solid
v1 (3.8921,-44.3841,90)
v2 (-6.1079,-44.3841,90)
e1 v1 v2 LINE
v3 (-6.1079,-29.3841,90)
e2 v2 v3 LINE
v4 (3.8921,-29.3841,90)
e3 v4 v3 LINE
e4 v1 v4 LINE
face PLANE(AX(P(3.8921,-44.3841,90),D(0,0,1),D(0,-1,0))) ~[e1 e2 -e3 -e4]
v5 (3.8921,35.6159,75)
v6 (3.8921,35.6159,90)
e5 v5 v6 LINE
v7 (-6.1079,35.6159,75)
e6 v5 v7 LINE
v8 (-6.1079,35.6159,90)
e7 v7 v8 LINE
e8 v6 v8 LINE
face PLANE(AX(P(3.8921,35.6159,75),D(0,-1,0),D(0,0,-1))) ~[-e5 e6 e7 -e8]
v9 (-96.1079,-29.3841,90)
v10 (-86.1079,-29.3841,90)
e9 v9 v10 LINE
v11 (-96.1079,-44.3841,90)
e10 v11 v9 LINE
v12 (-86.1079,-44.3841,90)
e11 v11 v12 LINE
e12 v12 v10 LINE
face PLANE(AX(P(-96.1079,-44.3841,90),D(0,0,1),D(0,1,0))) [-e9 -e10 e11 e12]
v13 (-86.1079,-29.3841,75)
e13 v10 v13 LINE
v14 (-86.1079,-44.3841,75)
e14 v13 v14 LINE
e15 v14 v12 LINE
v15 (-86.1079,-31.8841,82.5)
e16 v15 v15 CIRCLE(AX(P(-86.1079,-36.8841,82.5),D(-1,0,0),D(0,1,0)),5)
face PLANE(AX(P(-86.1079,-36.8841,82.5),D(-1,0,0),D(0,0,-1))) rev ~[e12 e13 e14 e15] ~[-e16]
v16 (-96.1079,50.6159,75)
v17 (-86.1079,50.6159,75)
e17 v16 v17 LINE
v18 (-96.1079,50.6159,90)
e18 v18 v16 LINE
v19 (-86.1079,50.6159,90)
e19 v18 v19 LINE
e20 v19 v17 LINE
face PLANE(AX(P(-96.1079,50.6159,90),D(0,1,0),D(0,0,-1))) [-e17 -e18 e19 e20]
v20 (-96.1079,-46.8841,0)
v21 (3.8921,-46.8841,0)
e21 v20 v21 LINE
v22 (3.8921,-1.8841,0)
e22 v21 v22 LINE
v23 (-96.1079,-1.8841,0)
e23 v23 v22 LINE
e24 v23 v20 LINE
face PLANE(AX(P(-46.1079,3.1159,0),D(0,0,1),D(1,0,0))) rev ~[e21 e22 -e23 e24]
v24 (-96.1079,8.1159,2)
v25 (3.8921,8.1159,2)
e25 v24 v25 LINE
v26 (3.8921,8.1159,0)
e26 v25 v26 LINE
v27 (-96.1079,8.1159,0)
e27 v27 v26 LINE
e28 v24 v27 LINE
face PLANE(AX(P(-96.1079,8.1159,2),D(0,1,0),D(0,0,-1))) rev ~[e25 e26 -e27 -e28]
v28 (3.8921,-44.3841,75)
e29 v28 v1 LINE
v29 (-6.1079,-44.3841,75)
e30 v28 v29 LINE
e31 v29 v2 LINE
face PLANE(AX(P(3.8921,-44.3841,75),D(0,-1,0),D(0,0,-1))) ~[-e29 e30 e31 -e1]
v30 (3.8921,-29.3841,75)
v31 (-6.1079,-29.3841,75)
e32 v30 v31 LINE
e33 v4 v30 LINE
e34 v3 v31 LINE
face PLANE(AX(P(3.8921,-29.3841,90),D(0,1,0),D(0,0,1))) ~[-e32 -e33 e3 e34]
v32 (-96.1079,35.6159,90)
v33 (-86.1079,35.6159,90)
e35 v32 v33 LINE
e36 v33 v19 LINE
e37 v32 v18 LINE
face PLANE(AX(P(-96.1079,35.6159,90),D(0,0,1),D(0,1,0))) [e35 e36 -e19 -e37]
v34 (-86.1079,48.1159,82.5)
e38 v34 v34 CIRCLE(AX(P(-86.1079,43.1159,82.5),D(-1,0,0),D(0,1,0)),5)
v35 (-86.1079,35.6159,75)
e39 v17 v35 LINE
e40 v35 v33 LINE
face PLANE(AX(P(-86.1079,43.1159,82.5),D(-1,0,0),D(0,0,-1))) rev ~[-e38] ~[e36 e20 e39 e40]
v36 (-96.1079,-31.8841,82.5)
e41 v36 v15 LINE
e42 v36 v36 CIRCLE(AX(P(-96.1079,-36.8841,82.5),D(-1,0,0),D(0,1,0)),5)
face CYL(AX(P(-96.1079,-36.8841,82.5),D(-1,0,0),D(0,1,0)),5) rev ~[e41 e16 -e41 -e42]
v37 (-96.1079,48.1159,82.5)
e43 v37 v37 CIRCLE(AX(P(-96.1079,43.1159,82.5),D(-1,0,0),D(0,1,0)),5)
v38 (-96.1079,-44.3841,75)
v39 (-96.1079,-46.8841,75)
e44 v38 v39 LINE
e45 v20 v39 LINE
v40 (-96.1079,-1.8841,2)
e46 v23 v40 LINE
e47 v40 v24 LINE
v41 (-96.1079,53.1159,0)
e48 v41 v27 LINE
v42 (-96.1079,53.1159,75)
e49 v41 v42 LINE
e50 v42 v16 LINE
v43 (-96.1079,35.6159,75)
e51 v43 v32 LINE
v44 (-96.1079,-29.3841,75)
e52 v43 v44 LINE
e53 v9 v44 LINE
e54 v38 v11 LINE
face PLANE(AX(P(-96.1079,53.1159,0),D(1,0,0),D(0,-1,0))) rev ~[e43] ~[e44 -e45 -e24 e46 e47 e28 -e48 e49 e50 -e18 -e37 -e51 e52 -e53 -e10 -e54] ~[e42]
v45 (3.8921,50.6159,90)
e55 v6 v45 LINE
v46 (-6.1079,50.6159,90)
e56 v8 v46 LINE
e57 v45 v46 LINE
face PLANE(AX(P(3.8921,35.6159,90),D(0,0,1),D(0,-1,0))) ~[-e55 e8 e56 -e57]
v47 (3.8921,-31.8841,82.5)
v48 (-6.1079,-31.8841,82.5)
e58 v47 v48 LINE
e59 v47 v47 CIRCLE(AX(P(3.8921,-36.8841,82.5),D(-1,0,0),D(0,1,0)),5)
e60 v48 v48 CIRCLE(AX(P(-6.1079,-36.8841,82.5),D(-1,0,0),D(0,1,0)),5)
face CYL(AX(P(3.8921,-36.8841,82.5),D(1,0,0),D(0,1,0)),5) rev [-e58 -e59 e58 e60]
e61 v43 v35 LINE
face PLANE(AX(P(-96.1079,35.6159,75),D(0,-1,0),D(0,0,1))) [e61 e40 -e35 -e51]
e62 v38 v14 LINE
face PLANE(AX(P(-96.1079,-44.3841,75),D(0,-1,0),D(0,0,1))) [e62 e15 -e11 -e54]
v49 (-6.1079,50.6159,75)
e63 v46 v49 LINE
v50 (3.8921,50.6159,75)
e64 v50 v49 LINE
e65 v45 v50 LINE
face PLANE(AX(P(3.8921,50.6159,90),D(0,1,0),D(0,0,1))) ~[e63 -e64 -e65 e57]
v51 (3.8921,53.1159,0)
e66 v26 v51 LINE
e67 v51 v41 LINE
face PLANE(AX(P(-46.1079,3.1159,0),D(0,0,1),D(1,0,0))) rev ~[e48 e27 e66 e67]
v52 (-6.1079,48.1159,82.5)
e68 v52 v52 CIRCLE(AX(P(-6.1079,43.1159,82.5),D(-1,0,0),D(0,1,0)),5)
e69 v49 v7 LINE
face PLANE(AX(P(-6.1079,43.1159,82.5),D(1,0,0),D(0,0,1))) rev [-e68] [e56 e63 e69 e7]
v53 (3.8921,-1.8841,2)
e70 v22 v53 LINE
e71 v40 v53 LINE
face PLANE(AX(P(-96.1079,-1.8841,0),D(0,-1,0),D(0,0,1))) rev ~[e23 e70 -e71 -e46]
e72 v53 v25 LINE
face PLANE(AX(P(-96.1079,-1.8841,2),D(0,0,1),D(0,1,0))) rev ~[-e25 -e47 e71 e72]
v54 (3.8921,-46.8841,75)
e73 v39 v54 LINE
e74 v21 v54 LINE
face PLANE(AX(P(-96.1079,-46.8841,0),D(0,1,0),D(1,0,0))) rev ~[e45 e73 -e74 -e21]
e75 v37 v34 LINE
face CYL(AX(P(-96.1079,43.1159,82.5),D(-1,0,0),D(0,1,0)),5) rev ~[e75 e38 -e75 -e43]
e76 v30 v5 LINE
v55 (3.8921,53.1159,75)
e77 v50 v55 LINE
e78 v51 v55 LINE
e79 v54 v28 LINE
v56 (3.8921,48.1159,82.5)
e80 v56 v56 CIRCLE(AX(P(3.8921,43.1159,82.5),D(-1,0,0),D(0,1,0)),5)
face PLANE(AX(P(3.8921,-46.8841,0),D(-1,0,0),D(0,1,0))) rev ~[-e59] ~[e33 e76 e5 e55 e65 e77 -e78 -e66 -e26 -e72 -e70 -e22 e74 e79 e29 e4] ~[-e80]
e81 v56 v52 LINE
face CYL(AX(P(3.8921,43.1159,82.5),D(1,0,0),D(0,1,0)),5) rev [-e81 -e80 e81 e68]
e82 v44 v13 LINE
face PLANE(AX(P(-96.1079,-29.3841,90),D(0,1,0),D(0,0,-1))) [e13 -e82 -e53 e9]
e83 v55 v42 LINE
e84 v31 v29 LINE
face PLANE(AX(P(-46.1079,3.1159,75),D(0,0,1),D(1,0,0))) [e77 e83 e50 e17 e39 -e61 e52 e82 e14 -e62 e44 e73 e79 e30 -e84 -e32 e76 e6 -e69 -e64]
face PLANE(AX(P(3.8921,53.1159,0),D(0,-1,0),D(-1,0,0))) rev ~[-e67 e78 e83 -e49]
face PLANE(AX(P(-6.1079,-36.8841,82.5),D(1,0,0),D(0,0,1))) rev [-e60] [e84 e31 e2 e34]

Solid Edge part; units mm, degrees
sketch "Sketch1" plane through (0, 0, 0) normal (0, 0, 1) x (1, 0, 0)
  line L0 (-96.1079, -46.8841) -> (3.8921, -46.8841)
  line L1 (3.8921, -46.8841) -> (3.8921, 53.1159)
  line L2 (3.8921, 53.1159) -> (-96.1079, 53.1159)
  line L3 (-96.1079, 53.1159) -> (-96.1079, -46.8841)
  dimension "D1" = 100
  dimension "D2" = 100
extrude "Protrusion1" add sketch "Sketch1" along normal blind 75
sketch "Sketch2" plane through (-96.1079, 3.1159, 2.5) normal (-1, 0, 0) x (0, 1, 0)
  circle A0 centre (-40, -80) radius 5
  line L0 (32.5, -87.5) -> (47.5, -87.5)
  line L1 (47.5, -87.5) -> (47.5, -72.5)
  line L2 (47.5, -72.5) -> (32.5, -72.5)
  line L3 (32.5, -72.5) -> (32.5, -87.5)
  circle A1 centre (40, -80) radius 5
  line L4 (-47.5, -87.5) -> (-32.5, -87.5)
  line L5 (-32.5, -87.5) -> (-32.5, -72.5)
  line L6 (-32.5, -72.5) -> (-47.5, -72.5)
  line L7 (-47.5, -72.5) -> (-47.5, -87.5)
  dimension "D1" = 15
  dimension "D2" = 15
  dimension "D3" = 40
  dimension "D4" = 10
  dimension "D5" = 15
  dimension "D6" = 15
  dimension "D7" = 40
  dimension "D8" = 10
extrude "ExtrudedProtrusion_2" add sketch "Sketch2" against normal blind 10
mirror "Mirror1" about plane through (-46.1079, 0, 0) normal (1, 0, 0) of "ExtrudedProtrusion_2"
sketch "Sketch3" plane through (-96.1079, 3.1159, 10) normal (-1, 0, 0) x (0, -1, 0)
  line L0 (-5, -10) -> (5, -10)
  line L1 (5, -10) -> (5, -8)
  line L2 (5, -8) -> (-5, -8)
  line L3 (-5, -8) -> (-5, -10)
  dimension "D1" = 10
  dimension "D2" = 2
extrude "Cutout1" cut sketch "Sketch3" against normal through all
